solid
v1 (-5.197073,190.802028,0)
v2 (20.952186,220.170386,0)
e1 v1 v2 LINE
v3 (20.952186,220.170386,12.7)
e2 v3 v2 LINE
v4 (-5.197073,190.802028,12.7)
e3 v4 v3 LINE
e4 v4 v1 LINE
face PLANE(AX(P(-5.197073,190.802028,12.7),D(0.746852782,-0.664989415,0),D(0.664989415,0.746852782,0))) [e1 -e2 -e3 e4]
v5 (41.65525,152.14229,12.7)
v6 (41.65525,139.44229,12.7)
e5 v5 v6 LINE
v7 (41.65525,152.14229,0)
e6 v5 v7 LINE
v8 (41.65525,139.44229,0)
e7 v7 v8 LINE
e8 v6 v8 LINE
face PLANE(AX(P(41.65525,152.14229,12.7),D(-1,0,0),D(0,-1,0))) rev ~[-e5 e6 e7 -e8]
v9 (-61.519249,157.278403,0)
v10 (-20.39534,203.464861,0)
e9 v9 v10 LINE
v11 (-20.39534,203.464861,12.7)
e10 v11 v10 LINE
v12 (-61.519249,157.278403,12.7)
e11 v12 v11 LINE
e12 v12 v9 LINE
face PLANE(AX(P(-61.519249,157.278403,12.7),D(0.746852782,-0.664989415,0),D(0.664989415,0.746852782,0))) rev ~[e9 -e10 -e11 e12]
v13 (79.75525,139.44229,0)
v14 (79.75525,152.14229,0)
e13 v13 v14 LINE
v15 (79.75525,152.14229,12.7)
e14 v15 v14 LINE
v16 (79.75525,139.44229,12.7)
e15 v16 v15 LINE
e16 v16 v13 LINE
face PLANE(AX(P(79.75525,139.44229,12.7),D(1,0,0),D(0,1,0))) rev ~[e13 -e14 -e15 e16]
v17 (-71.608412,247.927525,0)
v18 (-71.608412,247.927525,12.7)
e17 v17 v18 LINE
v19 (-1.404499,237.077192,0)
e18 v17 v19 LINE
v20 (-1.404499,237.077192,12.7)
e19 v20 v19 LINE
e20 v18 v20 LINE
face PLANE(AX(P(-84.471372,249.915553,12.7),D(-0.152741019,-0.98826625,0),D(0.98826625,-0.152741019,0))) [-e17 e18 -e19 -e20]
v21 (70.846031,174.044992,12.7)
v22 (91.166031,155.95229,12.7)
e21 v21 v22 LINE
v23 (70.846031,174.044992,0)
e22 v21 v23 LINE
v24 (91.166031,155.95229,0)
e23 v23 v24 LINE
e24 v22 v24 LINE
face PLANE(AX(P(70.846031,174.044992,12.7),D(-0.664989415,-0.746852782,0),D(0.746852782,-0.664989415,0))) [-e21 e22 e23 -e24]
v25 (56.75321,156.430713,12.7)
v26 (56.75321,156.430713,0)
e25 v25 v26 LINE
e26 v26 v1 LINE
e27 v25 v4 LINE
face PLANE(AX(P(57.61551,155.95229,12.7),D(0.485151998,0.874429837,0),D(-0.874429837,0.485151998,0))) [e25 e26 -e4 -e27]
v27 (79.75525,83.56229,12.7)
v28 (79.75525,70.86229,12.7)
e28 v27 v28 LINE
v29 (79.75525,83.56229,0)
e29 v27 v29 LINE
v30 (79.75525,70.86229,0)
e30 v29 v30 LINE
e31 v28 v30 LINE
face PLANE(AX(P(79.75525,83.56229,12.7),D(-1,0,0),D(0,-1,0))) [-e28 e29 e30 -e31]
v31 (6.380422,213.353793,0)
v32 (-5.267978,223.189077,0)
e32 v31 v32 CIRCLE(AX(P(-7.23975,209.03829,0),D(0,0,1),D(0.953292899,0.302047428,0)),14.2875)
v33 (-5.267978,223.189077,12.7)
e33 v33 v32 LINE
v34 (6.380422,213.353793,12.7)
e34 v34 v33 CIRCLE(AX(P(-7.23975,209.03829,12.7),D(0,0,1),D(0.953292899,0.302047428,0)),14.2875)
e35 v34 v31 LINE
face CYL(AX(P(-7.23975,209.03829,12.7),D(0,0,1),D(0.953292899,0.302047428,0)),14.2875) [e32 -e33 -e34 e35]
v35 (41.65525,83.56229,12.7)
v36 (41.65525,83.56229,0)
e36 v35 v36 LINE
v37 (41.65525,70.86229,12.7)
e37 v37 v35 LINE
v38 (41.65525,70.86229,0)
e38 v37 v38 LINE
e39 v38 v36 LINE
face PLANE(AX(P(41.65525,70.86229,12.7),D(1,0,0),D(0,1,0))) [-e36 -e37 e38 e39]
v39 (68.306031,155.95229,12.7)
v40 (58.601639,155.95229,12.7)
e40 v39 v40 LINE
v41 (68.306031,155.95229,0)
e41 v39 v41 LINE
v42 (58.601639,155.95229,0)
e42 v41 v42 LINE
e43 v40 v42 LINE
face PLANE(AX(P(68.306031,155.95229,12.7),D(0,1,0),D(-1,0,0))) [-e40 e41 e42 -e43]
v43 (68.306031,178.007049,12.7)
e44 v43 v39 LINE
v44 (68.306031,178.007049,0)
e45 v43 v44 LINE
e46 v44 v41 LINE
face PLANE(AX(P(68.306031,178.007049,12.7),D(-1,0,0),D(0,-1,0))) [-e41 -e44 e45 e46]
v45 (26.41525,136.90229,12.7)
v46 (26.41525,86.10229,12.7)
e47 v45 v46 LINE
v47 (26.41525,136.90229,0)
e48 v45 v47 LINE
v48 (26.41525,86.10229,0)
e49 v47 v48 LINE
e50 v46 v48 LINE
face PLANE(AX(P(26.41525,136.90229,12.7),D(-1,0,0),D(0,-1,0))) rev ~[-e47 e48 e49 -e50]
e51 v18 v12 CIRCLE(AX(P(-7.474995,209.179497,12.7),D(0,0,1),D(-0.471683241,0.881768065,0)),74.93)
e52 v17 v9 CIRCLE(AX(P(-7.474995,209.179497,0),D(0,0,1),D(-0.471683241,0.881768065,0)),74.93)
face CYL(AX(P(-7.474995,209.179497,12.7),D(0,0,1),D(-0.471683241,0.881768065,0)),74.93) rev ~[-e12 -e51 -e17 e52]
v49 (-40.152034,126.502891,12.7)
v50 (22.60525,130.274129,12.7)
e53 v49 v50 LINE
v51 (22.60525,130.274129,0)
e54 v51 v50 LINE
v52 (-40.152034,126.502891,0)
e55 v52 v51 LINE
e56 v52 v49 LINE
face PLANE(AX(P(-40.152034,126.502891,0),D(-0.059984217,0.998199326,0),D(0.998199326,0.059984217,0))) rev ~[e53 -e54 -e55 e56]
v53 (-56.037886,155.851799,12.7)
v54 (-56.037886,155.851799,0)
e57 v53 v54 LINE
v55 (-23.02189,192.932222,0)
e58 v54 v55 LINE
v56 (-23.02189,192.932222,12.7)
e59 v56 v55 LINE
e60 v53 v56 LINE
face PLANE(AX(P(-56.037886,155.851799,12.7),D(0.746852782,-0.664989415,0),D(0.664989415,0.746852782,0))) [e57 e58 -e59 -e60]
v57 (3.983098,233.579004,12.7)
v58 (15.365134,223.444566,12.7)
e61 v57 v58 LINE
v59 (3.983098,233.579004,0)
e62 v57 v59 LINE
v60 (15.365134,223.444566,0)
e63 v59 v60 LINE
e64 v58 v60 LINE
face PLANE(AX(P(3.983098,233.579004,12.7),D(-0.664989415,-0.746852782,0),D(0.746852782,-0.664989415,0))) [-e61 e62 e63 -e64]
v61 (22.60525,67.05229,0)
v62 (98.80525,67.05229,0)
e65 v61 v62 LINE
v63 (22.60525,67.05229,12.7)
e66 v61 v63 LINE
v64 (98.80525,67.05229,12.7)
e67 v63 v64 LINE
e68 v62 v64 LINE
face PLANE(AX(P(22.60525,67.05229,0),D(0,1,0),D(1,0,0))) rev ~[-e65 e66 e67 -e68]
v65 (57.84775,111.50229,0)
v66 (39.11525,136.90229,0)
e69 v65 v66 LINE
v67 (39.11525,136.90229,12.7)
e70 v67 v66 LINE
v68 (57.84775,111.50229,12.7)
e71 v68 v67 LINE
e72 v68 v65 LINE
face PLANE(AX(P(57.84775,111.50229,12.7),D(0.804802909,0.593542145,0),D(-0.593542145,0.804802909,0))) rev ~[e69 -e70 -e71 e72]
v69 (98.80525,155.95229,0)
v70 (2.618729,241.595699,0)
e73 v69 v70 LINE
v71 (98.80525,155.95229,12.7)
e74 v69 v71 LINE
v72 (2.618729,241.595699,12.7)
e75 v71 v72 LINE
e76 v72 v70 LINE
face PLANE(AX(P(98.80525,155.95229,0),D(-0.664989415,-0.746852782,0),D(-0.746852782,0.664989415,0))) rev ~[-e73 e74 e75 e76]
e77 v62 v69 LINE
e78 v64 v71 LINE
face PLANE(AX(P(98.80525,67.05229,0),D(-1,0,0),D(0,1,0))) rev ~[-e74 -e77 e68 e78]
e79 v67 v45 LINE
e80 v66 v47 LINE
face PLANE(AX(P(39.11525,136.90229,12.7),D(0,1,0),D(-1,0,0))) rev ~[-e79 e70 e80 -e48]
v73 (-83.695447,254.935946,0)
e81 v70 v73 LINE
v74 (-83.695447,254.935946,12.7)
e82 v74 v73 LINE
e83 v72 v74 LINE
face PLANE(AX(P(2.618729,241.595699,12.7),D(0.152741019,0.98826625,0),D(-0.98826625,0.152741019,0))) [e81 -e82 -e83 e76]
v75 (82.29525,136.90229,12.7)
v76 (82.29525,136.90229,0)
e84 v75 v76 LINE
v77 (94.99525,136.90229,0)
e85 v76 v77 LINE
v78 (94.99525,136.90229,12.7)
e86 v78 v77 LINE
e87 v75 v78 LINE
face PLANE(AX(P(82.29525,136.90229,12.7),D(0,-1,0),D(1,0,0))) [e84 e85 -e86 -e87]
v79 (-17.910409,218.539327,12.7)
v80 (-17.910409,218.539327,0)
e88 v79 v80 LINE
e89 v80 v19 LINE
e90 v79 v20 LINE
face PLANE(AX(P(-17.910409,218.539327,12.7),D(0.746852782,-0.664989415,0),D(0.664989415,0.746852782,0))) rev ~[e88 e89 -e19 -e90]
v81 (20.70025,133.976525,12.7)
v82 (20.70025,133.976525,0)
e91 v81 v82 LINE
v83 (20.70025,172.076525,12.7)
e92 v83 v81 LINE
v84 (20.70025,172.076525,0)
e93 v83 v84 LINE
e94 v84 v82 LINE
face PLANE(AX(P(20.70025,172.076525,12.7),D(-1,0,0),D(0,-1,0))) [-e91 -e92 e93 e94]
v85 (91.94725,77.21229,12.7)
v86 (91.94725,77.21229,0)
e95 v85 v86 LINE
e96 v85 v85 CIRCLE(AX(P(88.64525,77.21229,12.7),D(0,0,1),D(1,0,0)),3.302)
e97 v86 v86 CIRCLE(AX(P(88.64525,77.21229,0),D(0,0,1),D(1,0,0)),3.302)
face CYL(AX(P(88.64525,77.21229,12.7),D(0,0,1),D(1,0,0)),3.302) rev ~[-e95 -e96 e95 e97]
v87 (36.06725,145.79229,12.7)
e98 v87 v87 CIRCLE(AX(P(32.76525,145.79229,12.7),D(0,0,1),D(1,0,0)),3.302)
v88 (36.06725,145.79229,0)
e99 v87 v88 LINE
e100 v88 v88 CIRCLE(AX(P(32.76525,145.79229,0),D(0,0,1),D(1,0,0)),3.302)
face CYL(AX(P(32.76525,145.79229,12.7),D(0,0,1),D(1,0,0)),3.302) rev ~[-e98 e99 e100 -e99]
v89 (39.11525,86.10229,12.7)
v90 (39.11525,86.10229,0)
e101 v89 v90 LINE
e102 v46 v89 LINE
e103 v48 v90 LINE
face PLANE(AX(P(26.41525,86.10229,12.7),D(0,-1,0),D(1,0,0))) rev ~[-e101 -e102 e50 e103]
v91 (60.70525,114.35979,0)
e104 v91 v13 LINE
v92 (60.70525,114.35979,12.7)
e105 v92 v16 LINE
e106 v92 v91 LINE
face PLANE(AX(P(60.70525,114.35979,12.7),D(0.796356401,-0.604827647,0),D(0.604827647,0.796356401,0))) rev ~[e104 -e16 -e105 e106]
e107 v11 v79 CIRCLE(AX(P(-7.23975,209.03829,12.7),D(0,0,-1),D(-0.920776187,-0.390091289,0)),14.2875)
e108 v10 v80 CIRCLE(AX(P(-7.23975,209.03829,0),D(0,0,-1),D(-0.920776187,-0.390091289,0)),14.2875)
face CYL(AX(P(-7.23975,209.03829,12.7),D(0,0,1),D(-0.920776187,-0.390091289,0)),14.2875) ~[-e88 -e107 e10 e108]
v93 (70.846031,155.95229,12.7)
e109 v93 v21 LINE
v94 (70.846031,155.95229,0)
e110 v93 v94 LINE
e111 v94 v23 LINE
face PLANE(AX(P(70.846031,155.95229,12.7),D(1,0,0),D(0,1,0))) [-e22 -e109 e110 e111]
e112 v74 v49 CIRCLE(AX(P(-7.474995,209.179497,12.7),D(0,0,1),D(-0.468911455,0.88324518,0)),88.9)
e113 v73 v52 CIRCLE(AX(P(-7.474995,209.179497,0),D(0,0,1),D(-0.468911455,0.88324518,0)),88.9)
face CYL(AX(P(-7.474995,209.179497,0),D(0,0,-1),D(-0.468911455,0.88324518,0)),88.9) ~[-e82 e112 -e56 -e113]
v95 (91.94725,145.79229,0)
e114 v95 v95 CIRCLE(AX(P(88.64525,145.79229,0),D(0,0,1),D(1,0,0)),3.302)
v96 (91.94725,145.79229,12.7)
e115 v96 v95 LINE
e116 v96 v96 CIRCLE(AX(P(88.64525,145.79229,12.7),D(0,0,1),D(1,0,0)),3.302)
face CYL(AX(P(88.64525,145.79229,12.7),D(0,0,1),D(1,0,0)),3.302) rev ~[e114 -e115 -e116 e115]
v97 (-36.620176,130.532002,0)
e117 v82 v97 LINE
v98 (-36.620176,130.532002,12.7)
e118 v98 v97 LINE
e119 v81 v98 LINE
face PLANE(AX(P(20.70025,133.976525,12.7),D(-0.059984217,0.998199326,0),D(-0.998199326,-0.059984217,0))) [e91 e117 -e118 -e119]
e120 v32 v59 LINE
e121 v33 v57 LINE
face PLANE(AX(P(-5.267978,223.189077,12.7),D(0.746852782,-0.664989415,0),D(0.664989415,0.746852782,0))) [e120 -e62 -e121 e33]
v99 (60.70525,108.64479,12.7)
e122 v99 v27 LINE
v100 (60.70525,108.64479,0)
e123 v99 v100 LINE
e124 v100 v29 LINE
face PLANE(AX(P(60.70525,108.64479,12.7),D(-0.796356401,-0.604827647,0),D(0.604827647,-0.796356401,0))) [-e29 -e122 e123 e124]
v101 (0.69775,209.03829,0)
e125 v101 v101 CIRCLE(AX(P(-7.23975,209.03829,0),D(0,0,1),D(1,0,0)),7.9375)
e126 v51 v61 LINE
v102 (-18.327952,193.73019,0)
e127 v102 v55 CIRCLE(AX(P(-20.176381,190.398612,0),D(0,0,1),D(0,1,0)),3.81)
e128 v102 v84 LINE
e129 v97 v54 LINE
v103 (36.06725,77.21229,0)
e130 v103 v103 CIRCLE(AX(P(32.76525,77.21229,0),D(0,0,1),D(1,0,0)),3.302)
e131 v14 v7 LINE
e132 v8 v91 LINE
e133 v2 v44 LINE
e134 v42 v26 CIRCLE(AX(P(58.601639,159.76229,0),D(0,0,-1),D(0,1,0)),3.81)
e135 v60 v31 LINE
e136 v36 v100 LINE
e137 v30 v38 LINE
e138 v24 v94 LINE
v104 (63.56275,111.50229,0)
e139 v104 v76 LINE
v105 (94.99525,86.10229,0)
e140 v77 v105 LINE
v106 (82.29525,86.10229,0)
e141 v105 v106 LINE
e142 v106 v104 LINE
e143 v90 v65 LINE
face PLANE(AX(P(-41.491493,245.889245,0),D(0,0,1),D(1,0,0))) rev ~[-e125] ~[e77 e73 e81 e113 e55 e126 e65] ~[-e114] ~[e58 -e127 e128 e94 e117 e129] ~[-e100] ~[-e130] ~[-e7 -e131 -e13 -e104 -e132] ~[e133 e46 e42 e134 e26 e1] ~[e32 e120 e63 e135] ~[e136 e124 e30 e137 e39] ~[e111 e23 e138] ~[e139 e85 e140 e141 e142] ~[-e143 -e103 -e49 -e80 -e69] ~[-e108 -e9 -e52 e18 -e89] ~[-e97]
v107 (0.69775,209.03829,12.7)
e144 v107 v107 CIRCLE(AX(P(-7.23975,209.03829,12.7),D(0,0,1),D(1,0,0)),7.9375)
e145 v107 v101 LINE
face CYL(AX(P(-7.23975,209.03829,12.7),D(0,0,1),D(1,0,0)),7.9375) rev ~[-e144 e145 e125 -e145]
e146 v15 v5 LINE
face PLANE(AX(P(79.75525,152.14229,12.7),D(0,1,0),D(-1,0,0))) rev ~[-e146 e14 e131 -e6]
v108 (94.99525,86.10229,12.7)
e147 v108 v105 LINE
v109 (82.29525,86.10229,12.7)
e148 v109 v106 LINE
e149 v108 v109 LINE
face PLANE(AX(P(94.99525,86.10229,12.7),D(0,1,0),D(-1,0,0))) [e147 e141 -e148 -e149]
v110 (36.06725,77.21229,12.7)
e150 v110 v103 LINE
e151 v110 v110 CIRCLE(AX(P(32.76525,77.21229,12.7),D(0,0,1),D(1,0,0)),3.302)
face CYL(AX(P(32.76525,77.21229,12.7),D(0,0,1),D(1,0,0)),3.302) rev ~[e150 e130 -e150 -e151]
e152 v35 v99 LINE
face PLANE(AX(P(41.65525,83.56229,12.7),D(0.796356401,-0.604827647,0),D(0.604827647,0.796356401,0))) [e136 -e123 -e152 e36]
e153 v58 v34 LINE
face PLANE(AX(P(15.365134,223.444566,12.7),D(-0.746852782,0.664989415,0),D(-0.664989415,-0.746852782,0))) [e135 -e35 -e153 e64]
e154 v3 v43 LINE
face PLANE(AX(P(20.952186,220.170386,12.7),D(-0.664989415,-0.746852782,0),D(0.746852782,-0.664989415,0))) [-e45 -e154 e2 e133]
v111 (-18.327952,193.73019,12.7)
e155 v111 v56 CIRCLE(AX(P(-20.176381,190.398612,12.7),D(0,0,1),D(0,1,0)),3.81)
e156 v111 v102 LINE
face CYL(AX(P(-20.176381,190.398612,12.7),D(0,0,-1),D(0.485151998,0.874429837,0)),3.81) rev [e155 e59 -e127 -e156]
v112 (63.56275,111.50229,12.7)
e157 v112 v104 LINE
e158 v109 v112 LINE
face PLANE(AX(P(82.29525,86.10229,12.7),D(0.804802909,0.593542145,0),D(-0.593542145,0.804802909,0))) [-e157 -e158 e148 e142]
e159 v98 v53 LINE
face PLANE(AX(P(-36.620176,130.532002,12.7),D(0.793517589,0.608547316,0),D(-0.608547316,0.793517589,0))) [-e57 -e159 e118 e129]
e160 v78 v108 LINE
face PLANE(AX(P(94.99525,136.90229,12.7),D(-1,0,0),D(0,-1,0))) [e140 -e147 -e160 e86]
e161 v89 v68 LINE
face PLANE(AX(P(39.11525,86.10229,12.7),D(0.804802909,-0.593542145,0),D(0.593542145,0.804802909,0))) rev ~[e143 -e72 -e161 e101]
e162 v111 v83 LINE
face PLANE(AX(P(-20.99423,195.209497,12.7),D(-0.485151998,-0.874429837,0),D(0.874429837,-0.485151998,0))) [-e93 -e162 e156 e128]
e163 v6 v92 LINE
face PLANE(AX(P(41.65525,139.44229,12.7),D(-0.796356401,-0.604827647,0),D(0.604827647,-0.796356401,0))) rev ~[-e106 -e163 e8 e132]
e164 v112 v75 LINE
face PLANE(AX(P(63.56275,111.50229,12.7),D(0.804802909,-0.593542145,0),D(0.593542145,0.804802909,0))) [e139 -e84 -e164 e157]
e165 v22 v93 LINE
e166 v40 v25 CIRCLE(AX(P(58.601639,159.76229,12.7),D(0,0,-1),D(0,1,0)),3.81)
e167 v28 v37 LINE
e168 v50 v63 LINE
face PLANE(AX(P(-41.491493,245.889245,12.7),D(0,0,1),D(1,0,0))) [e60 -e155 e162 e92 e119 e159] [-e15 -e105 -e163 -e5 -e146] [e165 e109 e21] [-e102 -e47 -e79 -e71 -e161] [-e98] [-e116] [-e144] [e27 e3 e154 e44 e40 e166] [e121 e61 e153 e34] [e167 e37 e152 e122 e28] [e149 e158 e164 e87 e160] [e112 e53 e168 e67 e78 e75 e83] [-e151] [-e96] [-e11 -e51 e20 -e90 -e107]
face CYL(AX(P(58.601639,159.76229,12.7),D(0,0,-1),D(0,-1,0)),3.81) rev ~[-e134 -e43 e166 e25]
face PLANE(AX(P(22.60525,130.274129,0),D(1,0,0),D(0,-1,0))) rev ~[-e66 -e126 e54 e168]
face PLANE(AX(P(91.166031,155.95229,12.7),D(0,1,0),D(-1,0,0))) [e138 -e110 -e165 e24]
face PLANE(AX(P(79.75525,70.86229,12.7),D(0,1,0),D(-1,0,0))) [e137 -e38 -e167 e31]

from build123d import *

# Parameters (mm, degrees)
BOSS_EXTRUDE1_DEPTH = 12.7
SKETCH2_R           = 7.9375
CUT_EXTRUDE1_DEPTH  = 25.4
CUT_EXTRUDE2_DEPTH  = 15.24
CUT_EXTRUDE4_DEPTH  = 12.7
CUT_EXTRUDE3_DEPTH  = 12.7
FILLET4_R           = 3.81
CUT_EXTRUDE8_REACH  = 306.459
SKETCH10_R          = 3.302
CUT_EXTRUDE11_DEPTH = 12.7
BOSS_EXTRUDE2_DEPTH = 12.7


with BuildPart() as part:
    # Sketch1 → Boss-Extrude1 (new body)
    with BuildSketch(Plane.XY):
        with BuildLine():
            Line((22.605250022, 67.052290313), (98.805250022, 67.052290313))
            Line((98.805250022, 67.052290313), (98.805250022, 155.952290313))
            Line((98.805250022, 155.952290313), (-49.161223166, 287.699993186))
            ThreePointArc((-49.161223166, 287.699993186), (-96.236474745, 204.218681994), (-40.152034083, 126.502891159))
            Line((-40.152034083, 126.502891159), (22.605250022, 130.274128502))
            Line((22.605250022, 130.274128502), (22.605250022, 67.052290313))
        make_face()
    extrude(amount=BOSS_EXTRUDE1_DEPTH)

    # Sketch2 → Cut-Extrude1 (cut)
    with BuildSketch(Plane.XY.offset(12.7)):
        with Locations((-7.239749978, 209.038290313)):
            Circle(SKETCH2_R)
    extrude(amount=-CUT_EXTRUDE1_DEPTH, mode=Mode.SUBTRACT)

    # Sketch3 → Cut-Extrude2 (cut)
    with BuildSketch(Plane.XY.offset(12.7)):
        Polygon((41.655250022, 70.862290313), (41.655250022, 83.562290313), (60.705250022, 108.644790313), (79.755250022, 83.562290313), (79.755250022, 70.862290313), align=None)
        Polygon((26.415250022, 86.102290313), (39.115250022, 86.102290313), (57.847750022, 111.502290313), (39.115250022, 136.902290313), (26.415250022, 136.902290313), align=None)
        Polygon((94.995250022, 86.102290313), (82.295250022, 86.102290313), (63.562750022, 111.502290313), (82.295250022, 136.902290313), (94.995250022, 136.902290313), align=None)
        Polygon((41.655250022, 152.142290313), (41.655250022, 139.442290313), (60.705250022, 114.359790313), (79.755250022, 139.442290313), (79.755250022, 152.142290313), align=None)
    extrude(amount=-CUT_EXTRUDE2_DEPTH, mode=Mode.SUBTRACT)

    # Sketch5 → Cut-Extrude4 (cut)
    with BuildSketch(Plane.XY.offset(12.7)):
        with BuildLine():
            Line((-17.910409102, 218.539326578), (-0.75941726, 237.80168728))
            Line((-0.75941726, 237.80168728), (-42.818220106, 275.250377791))
            ThreePointArc((-42.818220106, 275.250377791), (-81.480920705, 220.910985735), (-61.519248594, 157.278402939))
            Line((-61.519248594, 157.278402939), (-20.395339746, 203.464861019))
            ThreePointArc((-20.395339746, 203.464861019), (-21.336998363, 211.362132865), (-17.910409102, 218.539326578))
        make_face()
        Polygon((-56.03788631, 155.851799386), (-36.620175939, 130.532002023), (20.700250022, 133.976525379), (20.700250022, 172.076525379), (-20.994230128, 195.20949671), align=None)
        with BuildLine():
            Line((3.983097906, 233.579004496), (-5.26797782, 223.189077245))
            ThreePointArc((-5.26797782, 223.189077245), (1.977645927, 219.954895508), (6.380422315, 213.353792944))
            Line((6.380422315, 213.353792944), (15.365134305, 223.444565813))
            Line((15.365134305, 223.444565813), (3.983097906, 233.579004496))
        make_face()
    extrude(amount=-CUT_EXTRUDE4_DEPTH, mode=Mode.SUBTRACT)

    # Sketch4 → Cut-Extrude3 (cut)
    with BuildSketch(Plane.XY.offset(12.7)):
        Polygon((57.615510223, 155.952290313), (-5.197073481, 190.802028044), (20.952186028, 220.170386062), (68.306030681, 178.007049188), (68.306030681, 155.952290313), align=None)
        Polygon((91.166030681, 155.952290313), (70.846030681, 155.952290313), (70.846030681, 174.044992428), align=None)
    extrude(amount=-CUT_EXTRUDE3_DEPTH, mode=Mode.SUBTRACT)

    # Fillet4
    fillet4_edges = [part.edges().sort_by_distance(p)[0] for p in [
        (-20.994230128, 195.20949671, 6.35),
        (57.615510223, 155.952290313, 6.35),
    ]]
    fillet(fillet4_edges, radius=FILLET4_R)

    # Sketch10 → Cut-Extrude8 (cut, up to next)
    with BuildSketch(Plane.XY.offset(12.7), mode=Mode.PRIVATE) as cut_extrude8_sk1:
        with Locations((32.765250022, 77.212290313)):
            Circle(SKETCH10_R)
    cut_extrude8_tool1 = extrude(cut_extrude8_sk1.sketch, amount=-CUT_EXTRUDE8_REACH, mode=Mode.PRIVATE) & part.part
    # Sketch10 → Cut-Extrude8 (cut, up to next)
    with BuildSketch(Plane.XY.offset(12.7), mode=Mode.PRIVATE) as cut_extrude8_sk2:
        with Locations((32.765250022, 145.792290313)):
            Circle(SKETCH10_R)
    cut_extrude8_tool2 = extrude(cut_extrude8_sk2.sketch, amount=-CUT_EXTRUDE8_REACH, mode=Mode.PRIVATE) & part.part
    # Sketch10 → Cut-Extrude8 (cut, up to next)
    with BuildSketch(Plane.XY.offset(12.7), mode=Mode.PRIVATE) as cut_extrude8_sk3:
        with Locations((88.645250022, 145.792290313)):
            Circle(SKETCH10_R)
    cut_extrude8_tool3 = extrude(cut_extrude8_sk3.sketch, amount=-CUT_EXTRUDE8_REACH, mode=Mode.PRIVATE) & part.part
    # Sketch10 → Cut-Extrude8 (cut, up to next)
    with BuildSketch(Plane.XY.offset(12.7), mode=Mode.PRIVATE) as cut_extrude8_sk4:
        with Locations((88.645250022, 77.212290313)):
            Circle(SKETCH10_R)
    cut_extrude8_tool4 = extrude(cut_extrude8_sk4.sketch, amount=-CUT_EXTRUDE8_REACH, mode=Mode.PRIVATE) & part.part
    add(cut_extrude8_tool1.solids().sort_by_distance((32.76525, 77.21229, 12.7))[0], mode=Mode.SUBTRACT)
    add(cut_extrude8_tool2.solids().sort_by_distance((32.76525, 145.79229, 12.7))[0], mode=Mode.SUBTRACT)
    add(cut_extrude8_tool3.solids().sort_by_distance((88.64525, 145.79229, 12.7))[0], mode=Mode.SUBTRACT)
    add(cut_extrude8_tool4.solids().sort_by_distance((88.64525, 77.21229, 12.7))[0], mode=Mode.SUBTRACT)

    # Sketch14 → Cut-Extrude11 (cut)
    with BuildSketch(Plane.XY.offset(12.7)):
        Polygon((-0.75941726, 237.80168728), (-90.284904, 256.297301642), (-56.503441725, 294.237422972), (2.618728967, 241.595699413), align=None)
    extrude(amount=-CUT_EXTRUDE11_DEPTH, mode=Mode.SUBTRACT)

    # Sketch15 → Boss-Extrude2 (add)
    with BuildSketch(Plane.XY.offset(12.7)):
        Polygon((2.618728967, 241.595699413), (-83.695447283, 254.935945734), (-84.471371658, 249.915553183), (-1.404499457, 237.07719239), align=None)
    extrude(amount=-BOSS_EXTRUDE2_DEPTH)


solid = part.part
